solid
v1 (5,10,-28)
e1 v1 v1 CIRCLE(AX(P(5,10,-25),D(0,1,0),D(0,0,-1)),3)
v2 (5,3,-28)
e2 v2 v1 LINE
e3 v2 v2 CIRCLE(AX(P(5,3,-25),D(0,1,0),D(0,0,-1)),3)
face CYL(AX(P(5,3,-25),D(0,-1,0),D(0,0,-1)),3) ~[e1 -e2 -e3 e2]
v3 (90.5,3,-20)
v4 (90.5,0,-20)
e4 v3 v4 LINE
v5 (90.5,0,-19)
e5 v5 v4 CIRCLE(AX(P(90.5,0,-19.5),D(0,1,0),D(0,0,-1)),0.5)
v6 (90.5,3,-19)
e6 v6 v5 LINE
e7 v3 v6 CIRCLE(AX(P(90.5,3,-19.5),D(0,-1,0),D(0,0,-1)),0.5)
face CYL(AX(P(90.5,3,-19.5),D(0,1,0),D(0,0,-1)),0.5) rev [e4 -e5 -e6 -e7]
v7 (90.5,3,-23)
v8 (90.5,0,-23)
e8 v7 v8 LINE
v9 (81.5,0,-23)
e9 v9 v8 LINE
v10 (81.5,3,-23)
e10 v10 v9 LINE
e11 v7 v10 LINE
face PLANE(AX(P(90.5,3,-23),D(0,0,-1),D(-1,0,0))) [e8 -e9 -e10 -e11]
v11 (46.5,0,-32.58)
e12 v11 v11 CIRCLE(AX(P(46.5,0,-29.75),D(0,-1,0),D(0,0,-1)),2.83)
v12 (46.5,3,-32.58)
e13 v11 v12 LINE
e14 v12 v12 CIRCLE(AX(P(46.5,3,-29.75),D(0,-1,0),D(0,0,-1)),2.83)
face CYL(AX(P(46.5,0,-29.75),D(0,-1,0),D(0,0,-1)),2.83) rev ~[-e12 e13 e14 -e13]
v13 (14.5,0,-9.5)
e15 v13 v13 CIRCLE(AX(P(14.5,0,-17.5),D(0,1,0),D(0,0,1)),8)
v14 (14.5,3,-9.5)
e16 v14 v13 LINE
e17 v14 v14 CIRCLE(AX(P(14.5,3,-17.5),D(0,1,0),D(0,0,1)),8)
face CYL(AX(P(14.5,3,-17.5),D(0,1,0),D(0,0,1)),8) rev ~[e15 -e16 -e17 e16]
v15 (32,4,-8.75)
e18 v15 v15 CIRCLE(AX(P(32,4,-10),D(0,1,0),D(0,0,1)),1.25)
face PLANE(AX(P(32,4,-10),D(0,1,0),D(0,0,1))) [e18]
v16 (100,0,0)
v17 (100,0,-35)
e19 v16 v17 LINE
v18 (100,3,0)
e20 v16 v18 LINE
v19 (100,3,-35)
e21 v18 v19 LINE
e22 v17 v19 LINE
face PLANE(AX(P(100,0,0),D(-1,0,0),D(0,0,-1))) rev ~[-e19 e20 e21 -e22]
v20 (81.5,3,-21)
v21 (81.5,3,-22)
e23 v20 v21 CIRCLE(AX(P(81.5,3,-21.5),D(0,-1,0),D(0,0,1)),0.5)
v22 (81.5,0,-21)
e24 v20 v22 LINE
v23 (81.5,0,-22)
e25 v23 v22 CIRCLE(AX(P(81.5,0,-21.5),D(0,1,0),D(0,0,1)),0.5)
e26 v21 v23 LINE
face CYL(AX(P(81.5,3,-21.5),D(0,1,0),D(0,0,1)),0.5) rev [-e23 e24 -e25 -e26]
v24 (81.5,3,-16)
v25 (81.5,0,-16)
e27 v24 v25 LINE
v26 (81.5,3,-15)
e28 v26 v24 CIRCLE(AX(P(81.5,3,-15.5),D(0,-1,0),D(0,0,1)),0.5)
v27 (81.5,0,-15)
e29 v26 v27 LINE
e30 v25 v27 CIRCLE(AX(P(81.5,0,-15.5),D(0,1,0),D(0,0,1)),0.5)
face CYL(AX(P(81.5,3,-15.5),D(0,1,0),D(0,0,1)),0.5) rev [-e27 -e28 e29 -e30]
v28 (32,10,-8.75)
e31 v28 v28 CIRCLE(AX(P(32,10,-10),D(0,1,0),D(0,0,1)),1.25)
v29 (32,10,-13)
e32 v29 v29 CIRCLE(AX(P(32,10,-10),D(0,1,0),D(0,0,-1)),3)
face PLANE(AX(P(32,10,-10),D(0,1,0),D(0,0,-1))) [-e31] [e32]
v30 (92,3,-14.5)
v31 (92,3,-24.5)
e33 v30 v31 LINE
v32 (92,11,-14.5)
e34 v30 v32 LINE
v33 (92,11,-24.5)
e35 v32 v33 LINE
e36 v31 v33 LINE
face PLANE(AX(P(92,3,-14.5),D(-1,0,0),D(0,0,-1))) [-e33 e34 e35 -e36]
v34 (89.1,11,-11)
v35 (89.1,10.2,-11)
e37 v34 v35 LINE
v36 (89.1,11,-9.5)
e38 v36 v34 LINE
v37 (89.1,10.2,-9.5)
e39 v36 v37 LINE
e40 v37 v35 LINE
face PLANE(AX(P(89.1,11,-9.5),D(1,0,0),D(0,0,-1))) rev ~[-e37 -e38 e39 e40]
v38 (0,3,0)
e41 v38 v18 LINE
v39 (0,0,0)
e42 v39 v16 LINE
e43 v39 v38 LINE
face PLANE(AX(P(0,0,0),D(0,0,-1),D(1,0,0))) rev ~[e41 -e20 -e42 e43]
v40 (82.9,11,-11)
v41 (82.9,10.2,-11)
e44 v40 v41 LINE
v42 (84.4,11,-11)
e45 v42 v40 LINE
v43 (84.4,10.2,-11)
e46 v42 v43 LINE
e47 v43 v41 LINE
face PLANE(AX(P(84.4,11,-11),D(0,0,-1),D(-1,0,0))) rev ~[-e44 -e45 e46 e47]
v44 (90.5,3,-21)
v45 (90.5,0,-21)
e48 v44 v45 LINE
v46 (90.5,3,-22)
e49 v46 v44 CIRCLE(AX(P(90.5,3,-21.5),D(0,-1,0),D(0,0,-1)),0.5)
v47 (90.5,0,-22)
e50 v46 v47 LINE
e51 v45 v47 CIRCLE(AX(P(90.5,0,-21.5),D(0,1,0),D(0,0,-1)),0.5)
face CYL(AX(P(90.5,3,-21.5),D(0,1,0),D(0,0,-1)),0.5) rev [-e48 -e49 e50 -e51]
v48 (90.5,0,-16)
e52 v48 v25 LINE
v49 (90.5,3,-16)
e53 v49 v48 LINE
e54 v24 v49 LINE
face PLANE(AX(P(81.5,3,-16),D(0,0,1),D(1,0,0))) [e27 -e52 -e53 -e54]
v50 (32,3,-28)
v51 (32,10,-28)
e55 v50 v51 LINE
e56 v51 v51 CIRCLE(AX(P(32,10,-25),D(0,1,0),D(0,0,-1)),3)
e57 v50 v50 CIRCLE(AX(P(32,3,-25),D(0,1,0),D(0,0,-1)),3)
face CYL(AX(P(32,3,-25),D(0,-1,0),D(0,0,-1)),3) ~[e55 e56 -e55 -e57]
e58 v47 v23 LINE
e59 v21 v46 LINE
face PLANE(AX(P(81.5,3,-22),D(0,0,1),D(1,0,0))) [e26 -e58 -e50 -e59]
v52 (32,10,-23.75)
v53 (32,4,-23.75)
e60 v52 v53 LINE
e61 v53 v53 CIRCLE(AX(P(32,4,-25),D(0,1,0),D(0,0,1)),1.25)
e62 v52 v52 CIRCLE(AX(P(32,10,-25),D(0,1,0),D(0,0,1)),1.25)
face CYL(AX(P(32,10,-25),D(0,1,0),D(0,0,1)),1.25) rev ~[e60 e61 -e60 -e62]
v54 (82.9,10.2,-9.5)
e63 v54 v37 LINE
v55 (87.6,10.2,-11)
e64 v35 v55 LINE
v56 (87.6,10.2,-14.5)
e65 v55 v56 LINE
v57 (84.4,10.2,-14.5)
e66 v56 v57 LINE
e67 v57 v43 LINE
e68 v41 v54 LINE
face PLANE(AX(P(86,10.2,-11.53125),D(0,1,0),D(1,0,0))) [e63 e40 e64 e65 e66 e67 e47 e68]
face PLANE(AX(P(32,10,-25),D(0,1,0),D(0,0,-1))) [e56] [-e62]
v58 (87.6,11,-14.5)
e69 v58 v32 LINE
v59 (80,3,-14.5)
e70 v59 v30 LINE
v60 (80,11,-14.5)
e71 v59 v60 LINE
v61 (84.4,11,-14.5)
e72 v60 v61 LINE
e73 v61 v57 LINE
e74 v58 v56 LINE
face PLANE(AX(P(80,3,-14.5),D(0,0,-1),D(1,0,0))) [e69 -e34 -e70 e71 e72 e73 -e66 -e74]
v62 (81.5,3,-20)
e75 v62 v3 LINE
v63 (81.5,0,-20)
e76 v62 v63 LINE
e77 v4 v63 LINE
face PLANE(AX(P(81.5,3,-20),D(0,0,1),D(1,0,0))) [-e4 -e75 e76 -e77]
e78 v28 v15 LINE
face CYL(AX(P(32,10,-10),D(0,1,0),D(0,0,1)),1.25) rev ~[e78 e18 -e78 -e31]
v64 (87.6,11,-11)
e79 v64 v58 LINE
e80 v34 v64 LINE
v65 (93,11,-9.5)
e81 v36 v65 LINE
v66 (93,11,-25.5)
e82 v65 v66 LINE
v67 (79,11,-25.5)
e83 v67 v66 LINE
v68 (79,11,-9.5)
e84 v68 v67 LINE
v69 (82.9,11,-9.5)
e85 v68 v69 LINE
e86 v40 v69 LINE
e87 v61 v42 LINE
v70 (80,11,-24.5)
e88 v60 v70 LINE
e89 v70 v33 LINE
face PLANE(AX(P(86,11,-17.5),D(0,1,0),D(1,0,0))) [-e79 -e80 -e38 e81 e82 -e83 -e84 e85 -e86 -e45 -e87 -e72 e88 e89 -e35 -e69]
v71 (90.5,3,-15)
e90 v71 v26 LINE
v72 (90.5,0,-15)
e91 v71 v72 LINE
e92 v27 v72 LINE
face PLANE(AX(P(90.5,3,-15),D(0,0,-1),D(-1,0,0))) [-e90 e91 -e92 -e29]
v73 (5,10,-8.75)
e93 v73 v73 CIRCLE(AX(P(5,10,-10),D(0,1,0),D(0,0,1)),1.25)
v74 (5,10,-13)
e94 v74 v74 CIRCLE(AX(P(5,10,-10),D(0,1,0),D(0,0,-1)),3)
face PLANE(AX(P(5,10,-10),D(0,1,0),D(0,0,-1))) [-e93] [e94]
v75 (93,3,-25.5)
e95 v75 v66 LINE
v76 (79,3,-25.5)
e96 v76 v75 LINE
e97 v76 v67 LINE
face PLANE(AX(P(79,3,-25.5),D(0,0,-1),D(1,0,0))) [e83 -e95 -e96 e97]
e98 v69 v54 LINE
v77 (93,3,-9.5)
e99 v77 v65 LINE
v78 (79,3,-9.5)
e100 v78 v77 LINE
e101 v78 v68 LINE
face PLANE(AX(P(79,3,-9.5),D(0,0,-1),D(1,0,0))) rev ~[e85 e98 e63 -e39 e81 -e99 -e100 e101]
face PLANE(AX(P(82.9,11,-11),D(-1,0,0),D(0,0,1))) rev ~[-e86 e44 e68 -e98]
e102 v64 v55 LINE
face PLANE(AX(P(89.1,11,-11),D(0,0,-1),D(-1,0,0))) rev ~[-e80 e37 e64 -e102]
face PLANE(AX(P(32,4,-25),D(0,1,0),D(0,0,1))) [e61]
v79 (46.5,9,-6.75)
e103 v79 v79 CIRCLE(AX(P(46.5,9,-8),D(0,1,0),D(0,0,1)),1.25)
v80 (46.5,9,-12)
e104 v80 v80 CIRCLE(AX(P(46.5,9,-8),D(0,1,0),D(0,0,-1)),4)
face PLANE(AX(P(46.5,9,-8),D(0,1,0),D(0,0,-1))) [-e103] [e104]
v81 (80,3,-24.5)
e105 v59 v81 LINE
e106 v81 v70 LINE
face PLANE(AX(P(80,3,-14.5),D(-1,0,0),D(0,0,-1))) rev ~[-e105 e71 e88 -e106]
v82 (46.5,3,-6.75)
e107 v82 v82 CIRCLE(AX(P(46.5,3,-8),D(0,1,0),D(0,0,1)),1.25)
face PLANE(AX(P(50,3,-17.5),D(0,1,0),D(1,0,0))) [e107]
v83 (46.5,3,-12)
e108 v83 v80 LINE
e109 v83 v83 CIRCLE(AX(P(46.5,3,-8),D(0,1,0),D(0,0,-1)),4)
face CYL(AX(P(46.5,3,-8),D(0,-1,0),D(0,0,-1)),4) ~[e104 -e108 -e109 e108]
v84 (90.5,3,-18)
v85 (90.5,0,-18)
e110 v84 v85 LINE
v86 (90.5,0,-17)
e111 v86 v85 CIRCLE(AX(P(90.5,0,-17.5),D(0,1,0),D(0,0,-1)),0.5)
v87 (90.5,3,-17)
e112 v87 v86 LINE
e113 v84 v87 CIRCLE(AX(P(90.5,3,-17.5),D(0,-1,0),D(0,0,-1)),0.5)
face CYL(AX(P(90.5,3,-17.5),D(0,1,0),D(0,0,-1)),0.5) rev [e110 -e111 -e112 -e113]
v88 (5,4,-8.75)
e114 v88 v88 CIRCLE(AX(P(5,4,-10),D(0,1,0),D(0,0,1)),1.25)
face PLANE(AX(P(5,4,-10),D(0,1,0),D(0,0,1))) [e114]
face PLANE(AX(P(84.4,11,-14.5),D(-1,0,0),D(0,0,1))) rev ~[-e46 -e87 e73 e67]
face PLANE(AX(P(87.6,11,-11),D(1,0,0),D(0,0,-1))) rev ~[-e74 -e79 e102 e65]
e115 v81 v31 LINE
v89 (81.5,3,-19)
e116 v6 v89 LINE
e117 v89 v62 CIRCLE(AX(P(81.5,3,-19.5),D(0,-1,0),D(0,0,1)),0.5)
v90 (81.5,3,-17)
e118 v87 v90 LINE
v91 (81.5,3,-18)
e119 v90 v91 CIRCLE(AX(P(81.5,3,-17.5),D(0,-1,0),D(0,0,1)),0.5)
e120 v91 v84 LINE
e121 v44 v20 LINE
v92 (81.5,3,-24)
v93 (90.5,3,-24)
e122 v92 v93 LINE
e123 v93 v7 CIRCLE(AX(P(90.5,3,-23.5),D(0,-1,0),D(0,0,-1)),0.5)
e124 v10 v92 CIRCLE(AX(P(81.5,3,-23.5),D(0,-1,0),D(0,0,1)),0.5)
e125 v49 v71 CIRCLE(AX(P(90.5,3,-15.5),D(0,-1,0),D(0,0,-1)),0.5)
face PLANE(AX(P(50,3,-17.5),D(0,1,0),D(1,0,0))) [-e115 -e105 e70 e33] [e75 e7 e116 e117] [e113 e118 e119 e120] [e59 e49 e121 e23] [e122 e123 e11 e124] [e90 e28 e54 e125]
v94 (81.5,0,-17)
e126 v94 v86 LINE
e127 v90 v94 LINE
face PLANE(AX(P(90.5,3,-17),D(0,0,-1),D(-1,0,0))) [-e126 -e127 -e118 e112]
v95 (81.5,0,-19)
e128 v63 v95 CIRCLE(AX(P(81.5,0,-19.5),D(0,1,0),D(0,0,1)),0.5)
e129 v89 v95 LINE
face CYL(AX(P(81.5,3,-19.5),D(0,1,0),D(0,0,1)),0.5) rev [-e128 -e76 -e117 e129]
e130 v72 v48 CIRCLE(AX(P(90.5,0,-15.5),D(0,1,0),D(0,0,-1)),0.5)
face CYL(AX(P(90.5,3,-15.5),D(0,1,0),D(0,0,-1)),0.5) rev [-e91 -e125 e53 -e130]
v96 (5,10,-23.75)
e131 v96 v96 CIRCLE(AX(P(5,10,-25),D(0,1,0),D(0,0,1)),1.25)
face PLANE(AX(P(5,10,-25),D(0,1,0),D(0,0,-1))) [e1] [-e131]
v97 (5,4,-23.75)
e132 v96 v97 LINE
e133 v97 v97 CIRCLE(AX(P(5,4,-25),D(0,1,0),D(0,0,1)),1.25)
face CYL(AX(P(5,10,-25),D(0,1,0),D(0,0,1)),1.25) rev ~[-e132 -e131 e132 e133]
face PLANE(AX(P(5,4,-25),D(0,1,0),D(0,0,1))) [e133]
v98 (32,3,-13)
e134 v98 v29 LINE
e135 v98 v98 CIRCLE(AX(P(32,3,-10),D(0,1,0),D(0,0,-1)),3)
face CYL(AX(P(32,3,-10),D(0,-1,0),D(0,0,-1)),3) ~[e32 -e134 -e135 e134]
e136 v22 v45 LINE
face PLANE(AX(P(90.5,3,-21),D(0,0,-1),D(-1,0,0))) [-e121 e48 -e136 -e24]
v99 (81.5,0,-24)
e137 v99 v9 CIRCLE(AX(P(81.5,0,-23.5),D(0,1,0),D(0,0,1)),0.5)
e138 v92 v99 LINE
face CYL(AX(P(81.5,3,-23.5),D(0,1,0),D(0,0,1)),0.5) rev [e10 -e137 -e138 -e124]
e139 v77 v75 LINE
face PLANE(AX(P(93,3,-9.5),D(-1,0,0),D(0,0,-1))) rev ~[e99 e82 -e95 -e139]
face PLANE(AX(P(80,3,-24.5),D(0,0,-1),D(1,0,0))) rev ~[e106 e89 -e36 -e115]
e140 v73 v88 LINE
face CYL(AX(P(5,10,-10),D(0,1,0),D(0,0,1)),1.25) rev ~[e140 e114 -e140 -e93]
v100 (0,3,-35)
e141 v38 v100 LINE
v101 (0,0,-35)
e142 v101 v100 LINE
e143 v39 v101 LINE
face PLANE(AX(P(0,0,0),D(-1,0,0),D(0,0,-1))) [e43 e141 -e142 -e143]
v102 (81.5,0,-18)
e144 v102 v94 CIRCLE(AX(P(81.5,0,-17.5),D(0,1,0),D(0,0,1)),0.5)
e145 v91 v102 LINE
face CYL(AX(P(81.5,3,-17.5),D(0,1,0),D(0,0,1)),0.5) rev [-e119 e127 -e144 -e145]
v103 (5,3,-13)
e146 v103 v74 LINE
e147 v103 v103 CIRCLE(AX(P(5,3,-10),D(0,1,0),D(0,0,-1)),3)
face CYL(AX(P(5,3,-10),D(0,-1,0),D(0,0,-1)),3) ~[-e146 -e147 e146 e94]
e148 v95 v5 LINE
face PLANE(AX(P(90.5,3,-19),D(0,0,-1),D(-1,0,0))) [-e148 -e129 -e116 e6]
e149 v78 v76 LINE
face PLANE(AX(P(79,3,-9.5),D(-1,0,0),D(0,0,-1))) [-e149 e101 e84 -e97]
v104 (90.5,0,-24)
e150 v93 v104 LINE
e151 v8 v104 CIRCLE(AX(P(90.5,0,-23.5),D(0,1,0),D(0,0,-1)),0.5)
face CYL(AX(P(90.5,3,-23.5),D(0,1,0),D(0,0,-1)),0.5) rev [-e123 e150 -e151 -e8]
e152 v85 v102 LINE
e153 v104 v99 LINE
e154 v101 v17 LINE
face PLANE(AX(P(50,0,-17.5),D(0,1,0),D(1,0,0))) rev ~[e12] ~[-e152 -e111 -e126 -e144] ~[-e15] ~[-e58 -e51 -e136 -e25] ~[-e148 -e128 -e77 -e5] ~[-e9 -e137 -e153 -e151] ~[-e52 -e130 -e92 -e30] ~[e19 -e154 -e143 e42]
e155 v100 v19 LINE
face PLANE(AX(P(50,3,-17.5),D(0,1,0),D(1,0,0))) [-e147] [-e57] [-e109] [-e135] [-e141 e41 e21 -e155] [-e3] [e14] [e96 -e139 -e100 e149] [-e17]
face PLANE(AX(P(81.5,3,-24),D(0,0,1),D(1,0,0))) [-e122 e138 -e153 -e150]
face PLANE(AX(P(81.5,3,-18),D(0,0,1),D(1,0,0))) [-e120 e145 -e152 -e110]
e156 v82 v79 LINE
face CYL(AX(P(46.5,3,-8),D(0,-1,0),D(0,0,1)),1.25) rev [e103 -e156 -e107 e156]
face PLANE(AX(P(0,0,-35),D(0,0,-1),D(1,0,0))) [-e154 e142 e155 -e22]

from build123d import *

# Parameters (mm, degrees)
SKETCH1_W           = 100
SKETCH1_H           = 35
BOSS_EXTRUDE1_DEPTH = 3
SKETCH2_R           = 3
BOSS_EXTRUDE2_DEPTH = 7
CUT_EXTRUDE2_REACH  = 108.179
SKETCH3_R           = 8
SKETCH4_R           = 1.25
CUT_EXTRUDE3_DEPTH  = 6
SKETCH5_R           = 4
SKETCH5_R_2         = 1.25
BOSS_EXTRUDE3_DEPTH = 6
CUT_EXTRUDE4_REACH  = 108.419
SKETCH6_R           = 2.83
SKETCH8_W           = 14
SKETCH8_H           = 16
SKETCH8_W_2         = 12
SKETCH8_H_2         = 10
BOSS_EXTRUDE4_DEPTH = 8
CUT_EXTRUDE5_DEPTH  = 0.8
CUT_EXTRUDE6_REACH  = 108.25


with BuildPart() as part:
    # Sketch1 → Boss-Extrude1 (new body)
    with BuildSketch(Plane(origin=(0, 0, 0), x_dir=(1, 0, 0), z_dir=(0, 1, 0))):
        with Locations((50, 17.5)):
            Rectangle(SKETCH1_W, SKETCH1_H)
    extrude(amount=BOSS_EXTRUDE1_DEPTH)

    # Sketch2 → Boss-Extrude2 (add)
    with BuildSketch(Plane(origin=(0, 3, 0), x_dir=(1, 0, 0), z_dir=(0, 1, 0))):
        with Locations(Location((5, 25, 0), (0, 0, 90))):
            Circle(SKETCH2_R)
        with Locations(Location((5, 10, 0), (0, 0, 90))):
            Circle(SKETCH2_R)
        with Locations(Location((32, 10, 0), (0, 0, 90))):
            Circle(SKETCH2_R)
        with Locations(Location((32, 25, 0), (0, 0, 90))):
            Circle(SKETCH2_R)
    extrude(amount=BOSS_EXTRUDE2_DEPTH)

    # Sketch3 → Cut-Extrude2 (cut, up to next)
    with BuildSketch(Plane(origin=(0, 3, 0), x_dir=(1, 0, 0), z_dir=(0, 1, 0)), mode=Mode.PRIVATE) as cut_extrude2_sk1:
        with Locations(Location((14.5, 17.5, 0), (0, 0, 270))):
            Circle(SKETCH3_R)
    cut_extrude2_tool1 = extrude(cut_extrude2_sk1.sketch, amount=-CUT_EXTRUDE2_REACH, mode=Mode.PRIVATE) & part.part
    add(cut_extrude2_tool1.solids().sort_by_distance((14.5, 3, -17.5))[0], mode=Mode.SUBTRACT)

    # Sketch4 → Cut-Extrude3 (cut)
    with BuildSketch(Plane(origin=(0, 10, 0), x_dir=(1, 0, 0), z_dir=(0, 1, 0))):
        with Locations(Location((32, 25, 0), (0, 0, 270))):
            Circle(SKETCH4_R)
        with Locations(Location((32, 10, 0), (0, 0, 270))):
            Circle(SKETCH4_R)
        with Locations(Location((5, 10, 0), (0, 0, 270))):
            Circle(SKETCH4_R)
        with Locations(Location((5, 25, 0), (0, 0, 270))):
            Circle(SKETCH4_R)
    extrude(amount=-CUT_EXTRUDE3_DEPTH, mode=Mode.SUBTRACT)

    # Sketch5 → Boss-Extrude3 (add)
    with BuildSketch(Plane(origin=(0, 3, 0), x_dir=(1, 0, 0), z_dir=(0, 1, 0))):
        with Locations(Location((46.5, 8, 0), (0, 0, 90))):
            Circle(SKETCH5_R)
        with Locations(Location((46.5, 8, 0), (0, 0, 270))):
            Circle(SKETCH5_R_2, mode=Mode.SUBTRACT)
    extrude(amount=BOSS_EXTRUDE3_DEPTH)

    # Sketch6 → Cut-Extrude4 (cut, up to next)
    with BuildSketch(Plane.XZ, mode=Mode.PRIVATE) as cut_extrude4_sk1:
        with Locations(Location((46.5, -29.75, 0), (0, 0, 270))):
            Circle(SKETCH6_R)
    cut_extrude4_tool1 = extrude(cut_extrude4_sk1.sketch, amount=-CUT_EXTRUDE4_REACH, mode=Mode.PRIVATE) & part.part
    add(cut_extrude4_tool1.solids().sort_by_distance((46.5, 0, -29.75))[0], mode=Mode.SUBTRACT)

    # Sketch8 → Boss-Extrude4 (add)
    with BuildSketch(Plane(origin=(0, 3, 0), x_dir=(1, 0, 0), z_dir=(0, 1, 0))):
        with Locations((86, 17.5)):
            Rectangle(SKETCH8_W, SKETCH8_H)
        with Locations((86, 19.5)):
            Rectangle(SKETCH8_W_2, SKETCH8_H_2, mode=Mode.SUBTRACT)
    extrude(amount=BOSS_EXTRUDE4_DEPTH)

    # Sketch9 → Cut-Extrude5 (cut)
    with BuildSketch(Plane(origin=(0, 11, 0), x_dir=(1, 0, 0), z_dir=(0, 1, 0))):
        Polygon((84.4, 14.5), (84.4, 11), (82.9, 11), (82.9, 9.5), (89.1, 9.5), (89.1, 11), (87.6, 11), (87.6, 14.5), align=None)
    extrude(amount=-CUT_EXTRUDE5_DEPTH, mode=Mode.SUBTRACT)

    # Sketch10 → Cut-Extrude6 (cut, up to next)
    with BuildSketch(Plane(origin=(0, 3, 0), x_dir=(1, 0, 0), z_dir=(0, 1, 0)), mode=Mode.PRIVATE) as cut_extrude6_sk1:
        with BuildLine():
            Line((81.5, 24), (90.5, 24))
            ThreePointArc((90.5, 24), (91, 23.5), (90.5, 23))
            Line((90.5, 23), (81.5, 23))
            ThreePointArc((81.5, 23), (81, 23.5), (81.5, 24))
        make_face()
    cut_extrude6_tool1 = extrude(cut_extrude6_sk1.sketch, amount=-CUT_EXTRUDE6_REACH, mode=Mode.PRIVATE) & part.part
    # Sketch10 → Cut-Extrude6 (cut, up to next)
    with BuildSketch(Plane(origin=(0, 3, 0), x_dir=(1, 0, 0), z_dir=(0, 1, 0)), mode=Mode.PRIVATE) as cut_extrude6_sk2:
        with BuildLine():
            Line((81.5, 22), (90.5, 22))
            ThreePointArc((90.5, 22), (91, 21.5), (90.5, 21))
            Line((90.5, 21), (81.5, 21))
            ThreePointArc((81.5, 21), (81, 21.5), (81.5, 22))
        make_face()
    cut_extrude6_tool2 = extrude(cut_extrude6_sk2.sketch, amount=-CUT_EXTRUDE6_REACH, mode=Mode.PRIVATE) & part.part
    # Sketch10 → Cut-Extrude6 (cut, up to next)
    with BuildSketch(Plane(origin=(0, 3, 0), x_dir=(1, 0, 0), z_dir=(0, 1, 0)), mode=Mode.PRIVATE) as cut_extrude6_sk3:
        with BuildLine():
            Line((81.5, 20), (90.5, 20))
            ThreePointArc((90.5, 20), (91, 19.5), (90.5, 19))
            Line((90.5, 19), (81.5, 19))
            ThreePointArc((81.5, 19), (81, 19.5), (81.5, 20))
        make_face()
    cut_extrude6_tool3 = extrude(cut_extrude6_sk3.sketch, amount=-CUT_EXTRUDE6_REACH, mode=Mode.PRIVATE) & part.part
    # Sketch10 → Cut-Extrude6 (cut, up to next)
    with BuildSketch(Plane(origin=(0, 3, 0), x_dir=(1, 0, 0), z_dir=(0, 1, 0)), mode=Mode.PRIVATE) as cut_extrude6_sk4:
        with BuildLine():
            Line((81.5, 18), (90.5, 18))
            ThreePointArc((90.5, 18), (91, 17.5), (90.5, 17))
            Line((90.5, 17), (81.5, 17))
            ThreePointArc((81.5, 17), (81, 17.5), (81.5, 18))
        make_face()
    cut_extrude6_tool4 = extrude(cut_extrude6_sk4.sketch, amount=-CUT_EXTRUDE6_REACH, mode=Mode.PRIVATE) & part.part
    # Sketch10 → Cut-Extrude6 (cut, up to next)
    with BuildSketch(Plane(origin=(0, 3, 0), x_dir=(1, 0, 0), z_dir=(0, 1, 0)), mode=Mode.PRIVATE) as cut_extrude6_sk5:
        with BuildLine():
            Line((81.5, 16), (90.5, 16))
            ThreePointArc((90.5, 16), (91, 15.5), (90.5, 15))
            Line((90.5, 15), (81.5, 15))
            ThreePointArc((81.5, 15), (81, 15.5), (81.5, 16))
        make_face()
    cut_extrude6_tool5 = extrude(cut_extrude6_sk5.sketch, amount=-CUT_EXTRUDE6_REACH, mode=Mode.PRIVATE) & part.part
    add(cut_extrude6_tool1.solids().sort_by_distance((86, 3, -23.5))[0], mode=Mode.SUBTRACT)
    add(cut_extrude6_tool2.solids().sort_by_distance((86, 3, -21.5))[0], mode=Mode.SUBTRACT)
    add(cut_extrude6_tool3.solids().sort_by_distance((86, 3, -19.5))[0], mode=Mode.SUBTRACT)
    add(cut_extrude6_tool4.solids().sort_by_distance((86, 3, -17.5))[0], mode=Mode.SUBTRACT)
    add(cut_extrude6_tool5.solids().sort_by_distance((86, 3, -15.5))[0], mode=Mode.SUBTRACT)


solid = part.part
